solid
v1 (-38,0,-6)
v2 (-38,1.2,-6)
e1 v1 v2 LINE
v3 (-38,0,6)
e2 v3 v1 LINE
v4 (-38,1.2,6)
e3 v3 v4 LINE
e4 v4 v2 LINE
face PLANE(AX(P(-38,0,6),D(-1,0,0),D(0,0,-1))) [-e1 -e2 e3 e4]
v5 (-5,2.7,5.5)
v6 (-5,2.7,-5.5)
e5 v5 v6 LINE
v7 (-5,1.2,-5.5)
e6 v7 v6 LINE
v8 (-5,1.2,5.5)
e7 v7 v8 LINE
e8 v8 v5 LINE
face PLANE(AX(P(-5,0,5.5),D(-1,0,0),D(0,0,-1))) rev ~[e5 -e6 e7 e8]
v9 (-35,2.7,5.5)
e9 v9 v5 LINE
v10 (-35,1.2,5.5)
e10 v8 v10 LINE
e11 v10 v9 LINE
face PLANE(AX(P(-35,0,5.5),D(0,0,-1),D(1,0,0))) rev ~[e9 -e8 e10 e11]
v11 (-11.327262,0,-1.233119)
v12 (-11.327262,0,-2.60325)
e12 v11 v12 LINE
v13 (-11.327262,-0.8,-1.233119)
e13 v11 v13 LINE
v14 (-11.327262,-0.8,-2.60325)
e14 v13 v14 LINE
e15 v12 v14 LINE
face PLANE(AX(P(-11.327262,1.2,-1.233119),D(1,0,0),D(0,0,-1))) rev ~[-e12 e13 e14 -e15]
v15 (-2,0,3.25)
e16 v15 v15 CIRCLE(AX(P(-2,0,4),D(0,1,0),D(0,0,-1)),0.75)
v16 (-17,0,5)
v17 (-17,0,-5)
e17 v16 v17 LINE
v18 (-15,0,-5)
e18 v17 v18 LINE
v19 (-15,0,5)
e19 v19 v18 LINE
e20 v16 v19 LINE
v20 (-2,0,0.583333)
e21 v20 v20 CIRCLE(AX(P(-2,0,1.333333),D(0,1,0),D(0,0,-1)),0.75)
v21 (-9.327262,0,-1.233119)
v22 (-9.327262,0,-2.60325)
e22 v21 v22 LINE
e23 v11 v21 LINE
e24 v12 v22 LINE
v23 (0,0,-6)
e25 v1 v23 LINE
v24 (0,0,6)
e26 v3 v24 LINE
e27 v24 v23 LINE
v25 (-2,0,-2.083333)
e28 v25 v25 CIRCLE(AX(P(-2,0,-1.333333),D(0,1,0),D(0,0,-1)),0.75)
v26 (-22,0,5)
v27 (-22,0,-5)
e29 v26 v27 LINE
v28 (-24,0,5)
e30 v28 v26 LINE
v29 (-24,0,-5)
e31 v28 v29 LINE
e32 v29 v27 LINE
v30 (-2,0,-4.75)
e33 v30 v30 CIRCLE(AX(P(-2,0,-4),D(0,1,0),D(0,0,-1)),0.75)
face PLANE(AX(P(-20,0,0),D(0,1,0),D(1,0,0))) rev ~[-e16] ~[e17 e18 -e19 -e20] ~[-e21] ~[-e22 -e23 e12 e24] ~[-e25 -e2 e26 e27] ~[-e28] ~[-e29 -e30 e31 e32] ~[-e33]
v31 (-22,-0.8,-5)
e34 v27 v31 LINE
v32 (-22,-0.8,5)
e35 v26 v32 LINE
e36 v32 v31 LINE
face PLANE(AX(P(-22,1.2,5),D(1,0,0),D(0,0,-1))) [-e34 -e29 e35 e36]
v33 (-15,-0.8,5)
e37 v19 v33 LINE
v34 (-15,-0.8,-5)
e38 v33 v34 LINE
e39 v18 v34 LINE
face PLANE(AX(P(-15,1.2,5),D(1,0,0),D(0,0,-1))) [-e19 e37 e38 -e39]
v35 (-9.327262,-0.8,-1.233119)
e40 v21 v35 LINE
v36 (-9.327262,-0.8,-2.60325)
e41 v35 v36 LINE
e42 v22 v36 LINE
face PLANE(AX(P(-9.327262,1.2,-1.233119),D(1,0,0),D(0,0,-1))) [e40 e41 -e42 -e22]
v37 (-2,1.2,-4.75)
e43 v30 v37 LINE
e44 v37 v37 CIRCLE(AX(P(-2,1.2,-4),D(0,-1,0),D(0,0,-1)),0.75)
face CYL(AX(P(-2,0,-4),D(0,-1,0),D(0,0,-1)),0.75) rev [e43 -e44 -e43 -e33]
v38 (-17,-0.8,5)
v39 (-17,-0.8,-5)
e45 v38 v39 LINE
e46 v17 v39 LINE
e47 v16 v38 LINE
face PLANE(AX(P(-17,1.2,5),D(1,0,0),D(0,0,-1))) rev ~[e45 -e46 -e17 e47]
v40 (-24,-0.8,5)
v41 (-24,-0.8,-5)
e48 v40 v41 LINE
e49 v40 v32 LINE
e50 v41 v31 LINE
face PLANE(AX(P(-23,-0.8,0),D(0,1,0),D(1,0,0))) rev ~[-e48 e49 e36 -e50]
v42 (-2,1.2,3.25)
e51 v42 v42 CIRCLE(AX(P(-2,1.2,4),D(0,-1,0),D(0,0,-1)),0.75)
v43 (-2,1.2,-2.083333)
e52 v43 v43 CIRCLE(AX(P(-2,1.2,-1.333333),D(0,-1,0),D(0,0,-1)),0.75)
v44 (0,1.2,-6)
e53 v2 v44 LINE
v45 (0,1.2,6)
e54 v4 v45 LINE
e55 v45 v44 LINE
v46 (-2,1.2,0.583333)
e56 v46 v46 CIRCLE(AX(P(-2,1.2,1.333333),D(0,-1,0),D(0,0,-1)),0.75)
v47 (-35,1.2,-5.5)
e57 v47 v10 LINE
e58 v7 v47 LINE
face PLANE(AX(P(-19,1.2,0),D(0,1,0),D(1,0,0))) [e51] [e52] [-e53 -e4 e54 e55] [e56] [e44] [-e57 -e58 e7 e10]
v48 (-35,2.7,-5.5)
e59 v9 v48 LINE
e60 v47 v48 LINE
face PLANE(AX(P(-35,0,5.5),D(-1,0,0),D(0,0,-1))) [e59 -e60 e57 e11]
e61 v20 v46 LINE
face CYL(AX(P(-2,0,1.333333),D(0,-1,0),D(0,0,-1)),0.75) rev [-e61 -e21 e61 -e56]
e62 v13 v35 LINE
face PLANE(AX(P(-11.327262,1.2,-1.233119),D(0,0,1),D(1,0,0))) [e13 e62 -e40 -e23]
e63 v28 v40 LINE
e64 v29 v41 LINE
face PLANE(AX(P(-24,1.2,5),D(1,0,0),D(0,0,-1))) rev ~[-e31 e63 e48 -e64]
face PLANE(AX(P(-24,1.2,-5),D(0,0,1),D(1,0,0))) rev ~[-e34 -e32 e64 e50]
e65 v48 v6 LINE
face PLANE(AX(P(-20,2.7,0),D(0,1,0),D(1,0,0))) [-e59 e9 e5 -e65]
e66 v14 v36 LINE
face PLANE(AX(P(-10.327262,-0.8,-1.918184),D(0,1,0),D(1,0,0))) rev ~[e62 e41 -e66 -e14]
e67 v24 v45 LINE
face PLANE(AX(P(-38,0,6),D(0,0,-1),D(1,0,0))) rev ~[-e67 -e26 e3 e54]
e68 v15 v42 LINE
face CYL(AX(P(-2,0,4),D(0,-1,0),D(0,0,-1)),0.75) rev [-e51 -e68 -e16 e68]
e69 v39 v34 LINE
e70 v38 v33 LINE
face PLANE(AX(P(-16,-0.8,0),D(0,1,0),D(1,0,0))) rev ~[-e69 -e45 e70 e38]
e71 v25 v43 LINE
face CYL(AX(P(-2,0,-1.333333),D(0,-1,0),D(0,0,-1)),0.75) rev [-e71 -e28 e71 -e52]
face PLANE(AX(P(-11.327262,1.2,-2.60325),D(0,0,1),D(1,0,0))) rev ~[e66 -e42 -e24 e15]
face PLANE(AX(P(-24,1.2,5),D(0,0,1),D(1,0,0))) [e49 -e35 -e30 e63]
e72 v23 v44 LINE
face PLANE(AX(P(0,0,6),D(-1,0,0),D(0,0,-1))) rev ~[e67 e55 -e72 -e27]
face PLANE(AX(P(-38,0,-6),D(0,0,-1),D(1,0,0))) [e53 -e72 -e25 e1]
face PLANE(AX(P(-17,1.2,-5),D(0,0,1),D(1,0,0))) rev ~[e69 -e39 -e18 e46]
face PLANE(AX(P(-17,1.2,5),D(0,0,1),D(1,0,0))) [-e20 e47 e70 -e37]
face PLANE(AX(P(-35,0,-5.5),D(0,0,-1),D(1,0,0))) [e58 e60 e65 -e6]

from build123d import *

# Parameters (mm, degrees)
SKETCH_1_W          = 38
SKETCH_1_H          = 12
EXTRUDE_1_DEPTH     = 1.2
SKETCH_2_W          = 30
SKETCH_2_H          = 11
EXTRUDE_2_DEPTH     = 2.7
SKETCH_3_R          = 0.75
CUT_EXTRUDE_2_DEPTH = 39.565399
EXTRUDE_START       = 1.2
SKETCH_4_W          = 2
SKETCH_4_H          = 10
SKETCH_4_H_2        = 1.370131764
EXTRUDE_3_DEPTH     = 2


with BuildPart() as part:
    # Эскиз1 → Бобышка-Вытянуть1 (new body)
    with BuildSketch(Plane(origin=(0, 0, 0), x_dir=(1, 0, 0), z_dir=(0, 1, 0))):
        with Locations((-19, 0)):
            Rectangle(SKETCH_1_W, SKETCH_1_H)
    extrude(amount=EXTRUDE_1_DEPTH)

    # Эскиз2 → Бобышка-Вытянуть2 (add)
    with BuildSketch(Plane(origin=(0, 0, 0), x_dir=(1, 0, 0), z_dir=(0, 1, 0))):
        with Locations((-20, 0)):
            Rectangle(SKETCH_2_W, SKETCH_2_H)
    extrude(amount=EXTRUDE_2_DEPTH)

    # Эскиз3 → Вырез-Вытянуть2 (cut, through all)
    with BuildSketch(Plane(origin=(0, 0, 0), x_dir=(1, 0, 0), z_dir=(0, 1, 0))):
        with Locations(Location((-2, 4, 0), (0, 0, 90))):
            Circle(SKETCH_3_R)
        with Locations(Location((-2, 1.333333333, 0), (0, 0, 90))):
            Circle(SKETCH_3_R)
        with Locations(Location((-2, -1.333333333, 0), (0, 0, 90))):
            Circle(SKETCH_3_R)
        with Locations(Location((-2, -4, 0), (0, 0, 90))):
            Circle(SKETCH_3_R)
    extrude(amount=CUT_EXTRUDE_2_DEPTH, mode=Mode.SUBTRACT)

    # Эскиз4 → Бобышка-Вытянуть3 (add)
    with BuildSketch(Plane(origin=(0, 0, 0), x_dir=(1, 0, 0), z_dir=(0, 1, 0)).offset(EXTRUDE_START)):
        with Locations((-23, 0)):
            Rectangle(SKETCH_4_W, SKETCH_4_H)
        with Locations((-16, 0)):
            Rectangle(SKETCH_4_W, SKETCH_4_H)
        with Locations((-10.327262123, 1.918184469)):
            Rectangle(SKETCH_4_W, SKETCH_4_H_2)
    extrude(amount=-EXTRUDE_3_DEPTH)


solid = part.part
